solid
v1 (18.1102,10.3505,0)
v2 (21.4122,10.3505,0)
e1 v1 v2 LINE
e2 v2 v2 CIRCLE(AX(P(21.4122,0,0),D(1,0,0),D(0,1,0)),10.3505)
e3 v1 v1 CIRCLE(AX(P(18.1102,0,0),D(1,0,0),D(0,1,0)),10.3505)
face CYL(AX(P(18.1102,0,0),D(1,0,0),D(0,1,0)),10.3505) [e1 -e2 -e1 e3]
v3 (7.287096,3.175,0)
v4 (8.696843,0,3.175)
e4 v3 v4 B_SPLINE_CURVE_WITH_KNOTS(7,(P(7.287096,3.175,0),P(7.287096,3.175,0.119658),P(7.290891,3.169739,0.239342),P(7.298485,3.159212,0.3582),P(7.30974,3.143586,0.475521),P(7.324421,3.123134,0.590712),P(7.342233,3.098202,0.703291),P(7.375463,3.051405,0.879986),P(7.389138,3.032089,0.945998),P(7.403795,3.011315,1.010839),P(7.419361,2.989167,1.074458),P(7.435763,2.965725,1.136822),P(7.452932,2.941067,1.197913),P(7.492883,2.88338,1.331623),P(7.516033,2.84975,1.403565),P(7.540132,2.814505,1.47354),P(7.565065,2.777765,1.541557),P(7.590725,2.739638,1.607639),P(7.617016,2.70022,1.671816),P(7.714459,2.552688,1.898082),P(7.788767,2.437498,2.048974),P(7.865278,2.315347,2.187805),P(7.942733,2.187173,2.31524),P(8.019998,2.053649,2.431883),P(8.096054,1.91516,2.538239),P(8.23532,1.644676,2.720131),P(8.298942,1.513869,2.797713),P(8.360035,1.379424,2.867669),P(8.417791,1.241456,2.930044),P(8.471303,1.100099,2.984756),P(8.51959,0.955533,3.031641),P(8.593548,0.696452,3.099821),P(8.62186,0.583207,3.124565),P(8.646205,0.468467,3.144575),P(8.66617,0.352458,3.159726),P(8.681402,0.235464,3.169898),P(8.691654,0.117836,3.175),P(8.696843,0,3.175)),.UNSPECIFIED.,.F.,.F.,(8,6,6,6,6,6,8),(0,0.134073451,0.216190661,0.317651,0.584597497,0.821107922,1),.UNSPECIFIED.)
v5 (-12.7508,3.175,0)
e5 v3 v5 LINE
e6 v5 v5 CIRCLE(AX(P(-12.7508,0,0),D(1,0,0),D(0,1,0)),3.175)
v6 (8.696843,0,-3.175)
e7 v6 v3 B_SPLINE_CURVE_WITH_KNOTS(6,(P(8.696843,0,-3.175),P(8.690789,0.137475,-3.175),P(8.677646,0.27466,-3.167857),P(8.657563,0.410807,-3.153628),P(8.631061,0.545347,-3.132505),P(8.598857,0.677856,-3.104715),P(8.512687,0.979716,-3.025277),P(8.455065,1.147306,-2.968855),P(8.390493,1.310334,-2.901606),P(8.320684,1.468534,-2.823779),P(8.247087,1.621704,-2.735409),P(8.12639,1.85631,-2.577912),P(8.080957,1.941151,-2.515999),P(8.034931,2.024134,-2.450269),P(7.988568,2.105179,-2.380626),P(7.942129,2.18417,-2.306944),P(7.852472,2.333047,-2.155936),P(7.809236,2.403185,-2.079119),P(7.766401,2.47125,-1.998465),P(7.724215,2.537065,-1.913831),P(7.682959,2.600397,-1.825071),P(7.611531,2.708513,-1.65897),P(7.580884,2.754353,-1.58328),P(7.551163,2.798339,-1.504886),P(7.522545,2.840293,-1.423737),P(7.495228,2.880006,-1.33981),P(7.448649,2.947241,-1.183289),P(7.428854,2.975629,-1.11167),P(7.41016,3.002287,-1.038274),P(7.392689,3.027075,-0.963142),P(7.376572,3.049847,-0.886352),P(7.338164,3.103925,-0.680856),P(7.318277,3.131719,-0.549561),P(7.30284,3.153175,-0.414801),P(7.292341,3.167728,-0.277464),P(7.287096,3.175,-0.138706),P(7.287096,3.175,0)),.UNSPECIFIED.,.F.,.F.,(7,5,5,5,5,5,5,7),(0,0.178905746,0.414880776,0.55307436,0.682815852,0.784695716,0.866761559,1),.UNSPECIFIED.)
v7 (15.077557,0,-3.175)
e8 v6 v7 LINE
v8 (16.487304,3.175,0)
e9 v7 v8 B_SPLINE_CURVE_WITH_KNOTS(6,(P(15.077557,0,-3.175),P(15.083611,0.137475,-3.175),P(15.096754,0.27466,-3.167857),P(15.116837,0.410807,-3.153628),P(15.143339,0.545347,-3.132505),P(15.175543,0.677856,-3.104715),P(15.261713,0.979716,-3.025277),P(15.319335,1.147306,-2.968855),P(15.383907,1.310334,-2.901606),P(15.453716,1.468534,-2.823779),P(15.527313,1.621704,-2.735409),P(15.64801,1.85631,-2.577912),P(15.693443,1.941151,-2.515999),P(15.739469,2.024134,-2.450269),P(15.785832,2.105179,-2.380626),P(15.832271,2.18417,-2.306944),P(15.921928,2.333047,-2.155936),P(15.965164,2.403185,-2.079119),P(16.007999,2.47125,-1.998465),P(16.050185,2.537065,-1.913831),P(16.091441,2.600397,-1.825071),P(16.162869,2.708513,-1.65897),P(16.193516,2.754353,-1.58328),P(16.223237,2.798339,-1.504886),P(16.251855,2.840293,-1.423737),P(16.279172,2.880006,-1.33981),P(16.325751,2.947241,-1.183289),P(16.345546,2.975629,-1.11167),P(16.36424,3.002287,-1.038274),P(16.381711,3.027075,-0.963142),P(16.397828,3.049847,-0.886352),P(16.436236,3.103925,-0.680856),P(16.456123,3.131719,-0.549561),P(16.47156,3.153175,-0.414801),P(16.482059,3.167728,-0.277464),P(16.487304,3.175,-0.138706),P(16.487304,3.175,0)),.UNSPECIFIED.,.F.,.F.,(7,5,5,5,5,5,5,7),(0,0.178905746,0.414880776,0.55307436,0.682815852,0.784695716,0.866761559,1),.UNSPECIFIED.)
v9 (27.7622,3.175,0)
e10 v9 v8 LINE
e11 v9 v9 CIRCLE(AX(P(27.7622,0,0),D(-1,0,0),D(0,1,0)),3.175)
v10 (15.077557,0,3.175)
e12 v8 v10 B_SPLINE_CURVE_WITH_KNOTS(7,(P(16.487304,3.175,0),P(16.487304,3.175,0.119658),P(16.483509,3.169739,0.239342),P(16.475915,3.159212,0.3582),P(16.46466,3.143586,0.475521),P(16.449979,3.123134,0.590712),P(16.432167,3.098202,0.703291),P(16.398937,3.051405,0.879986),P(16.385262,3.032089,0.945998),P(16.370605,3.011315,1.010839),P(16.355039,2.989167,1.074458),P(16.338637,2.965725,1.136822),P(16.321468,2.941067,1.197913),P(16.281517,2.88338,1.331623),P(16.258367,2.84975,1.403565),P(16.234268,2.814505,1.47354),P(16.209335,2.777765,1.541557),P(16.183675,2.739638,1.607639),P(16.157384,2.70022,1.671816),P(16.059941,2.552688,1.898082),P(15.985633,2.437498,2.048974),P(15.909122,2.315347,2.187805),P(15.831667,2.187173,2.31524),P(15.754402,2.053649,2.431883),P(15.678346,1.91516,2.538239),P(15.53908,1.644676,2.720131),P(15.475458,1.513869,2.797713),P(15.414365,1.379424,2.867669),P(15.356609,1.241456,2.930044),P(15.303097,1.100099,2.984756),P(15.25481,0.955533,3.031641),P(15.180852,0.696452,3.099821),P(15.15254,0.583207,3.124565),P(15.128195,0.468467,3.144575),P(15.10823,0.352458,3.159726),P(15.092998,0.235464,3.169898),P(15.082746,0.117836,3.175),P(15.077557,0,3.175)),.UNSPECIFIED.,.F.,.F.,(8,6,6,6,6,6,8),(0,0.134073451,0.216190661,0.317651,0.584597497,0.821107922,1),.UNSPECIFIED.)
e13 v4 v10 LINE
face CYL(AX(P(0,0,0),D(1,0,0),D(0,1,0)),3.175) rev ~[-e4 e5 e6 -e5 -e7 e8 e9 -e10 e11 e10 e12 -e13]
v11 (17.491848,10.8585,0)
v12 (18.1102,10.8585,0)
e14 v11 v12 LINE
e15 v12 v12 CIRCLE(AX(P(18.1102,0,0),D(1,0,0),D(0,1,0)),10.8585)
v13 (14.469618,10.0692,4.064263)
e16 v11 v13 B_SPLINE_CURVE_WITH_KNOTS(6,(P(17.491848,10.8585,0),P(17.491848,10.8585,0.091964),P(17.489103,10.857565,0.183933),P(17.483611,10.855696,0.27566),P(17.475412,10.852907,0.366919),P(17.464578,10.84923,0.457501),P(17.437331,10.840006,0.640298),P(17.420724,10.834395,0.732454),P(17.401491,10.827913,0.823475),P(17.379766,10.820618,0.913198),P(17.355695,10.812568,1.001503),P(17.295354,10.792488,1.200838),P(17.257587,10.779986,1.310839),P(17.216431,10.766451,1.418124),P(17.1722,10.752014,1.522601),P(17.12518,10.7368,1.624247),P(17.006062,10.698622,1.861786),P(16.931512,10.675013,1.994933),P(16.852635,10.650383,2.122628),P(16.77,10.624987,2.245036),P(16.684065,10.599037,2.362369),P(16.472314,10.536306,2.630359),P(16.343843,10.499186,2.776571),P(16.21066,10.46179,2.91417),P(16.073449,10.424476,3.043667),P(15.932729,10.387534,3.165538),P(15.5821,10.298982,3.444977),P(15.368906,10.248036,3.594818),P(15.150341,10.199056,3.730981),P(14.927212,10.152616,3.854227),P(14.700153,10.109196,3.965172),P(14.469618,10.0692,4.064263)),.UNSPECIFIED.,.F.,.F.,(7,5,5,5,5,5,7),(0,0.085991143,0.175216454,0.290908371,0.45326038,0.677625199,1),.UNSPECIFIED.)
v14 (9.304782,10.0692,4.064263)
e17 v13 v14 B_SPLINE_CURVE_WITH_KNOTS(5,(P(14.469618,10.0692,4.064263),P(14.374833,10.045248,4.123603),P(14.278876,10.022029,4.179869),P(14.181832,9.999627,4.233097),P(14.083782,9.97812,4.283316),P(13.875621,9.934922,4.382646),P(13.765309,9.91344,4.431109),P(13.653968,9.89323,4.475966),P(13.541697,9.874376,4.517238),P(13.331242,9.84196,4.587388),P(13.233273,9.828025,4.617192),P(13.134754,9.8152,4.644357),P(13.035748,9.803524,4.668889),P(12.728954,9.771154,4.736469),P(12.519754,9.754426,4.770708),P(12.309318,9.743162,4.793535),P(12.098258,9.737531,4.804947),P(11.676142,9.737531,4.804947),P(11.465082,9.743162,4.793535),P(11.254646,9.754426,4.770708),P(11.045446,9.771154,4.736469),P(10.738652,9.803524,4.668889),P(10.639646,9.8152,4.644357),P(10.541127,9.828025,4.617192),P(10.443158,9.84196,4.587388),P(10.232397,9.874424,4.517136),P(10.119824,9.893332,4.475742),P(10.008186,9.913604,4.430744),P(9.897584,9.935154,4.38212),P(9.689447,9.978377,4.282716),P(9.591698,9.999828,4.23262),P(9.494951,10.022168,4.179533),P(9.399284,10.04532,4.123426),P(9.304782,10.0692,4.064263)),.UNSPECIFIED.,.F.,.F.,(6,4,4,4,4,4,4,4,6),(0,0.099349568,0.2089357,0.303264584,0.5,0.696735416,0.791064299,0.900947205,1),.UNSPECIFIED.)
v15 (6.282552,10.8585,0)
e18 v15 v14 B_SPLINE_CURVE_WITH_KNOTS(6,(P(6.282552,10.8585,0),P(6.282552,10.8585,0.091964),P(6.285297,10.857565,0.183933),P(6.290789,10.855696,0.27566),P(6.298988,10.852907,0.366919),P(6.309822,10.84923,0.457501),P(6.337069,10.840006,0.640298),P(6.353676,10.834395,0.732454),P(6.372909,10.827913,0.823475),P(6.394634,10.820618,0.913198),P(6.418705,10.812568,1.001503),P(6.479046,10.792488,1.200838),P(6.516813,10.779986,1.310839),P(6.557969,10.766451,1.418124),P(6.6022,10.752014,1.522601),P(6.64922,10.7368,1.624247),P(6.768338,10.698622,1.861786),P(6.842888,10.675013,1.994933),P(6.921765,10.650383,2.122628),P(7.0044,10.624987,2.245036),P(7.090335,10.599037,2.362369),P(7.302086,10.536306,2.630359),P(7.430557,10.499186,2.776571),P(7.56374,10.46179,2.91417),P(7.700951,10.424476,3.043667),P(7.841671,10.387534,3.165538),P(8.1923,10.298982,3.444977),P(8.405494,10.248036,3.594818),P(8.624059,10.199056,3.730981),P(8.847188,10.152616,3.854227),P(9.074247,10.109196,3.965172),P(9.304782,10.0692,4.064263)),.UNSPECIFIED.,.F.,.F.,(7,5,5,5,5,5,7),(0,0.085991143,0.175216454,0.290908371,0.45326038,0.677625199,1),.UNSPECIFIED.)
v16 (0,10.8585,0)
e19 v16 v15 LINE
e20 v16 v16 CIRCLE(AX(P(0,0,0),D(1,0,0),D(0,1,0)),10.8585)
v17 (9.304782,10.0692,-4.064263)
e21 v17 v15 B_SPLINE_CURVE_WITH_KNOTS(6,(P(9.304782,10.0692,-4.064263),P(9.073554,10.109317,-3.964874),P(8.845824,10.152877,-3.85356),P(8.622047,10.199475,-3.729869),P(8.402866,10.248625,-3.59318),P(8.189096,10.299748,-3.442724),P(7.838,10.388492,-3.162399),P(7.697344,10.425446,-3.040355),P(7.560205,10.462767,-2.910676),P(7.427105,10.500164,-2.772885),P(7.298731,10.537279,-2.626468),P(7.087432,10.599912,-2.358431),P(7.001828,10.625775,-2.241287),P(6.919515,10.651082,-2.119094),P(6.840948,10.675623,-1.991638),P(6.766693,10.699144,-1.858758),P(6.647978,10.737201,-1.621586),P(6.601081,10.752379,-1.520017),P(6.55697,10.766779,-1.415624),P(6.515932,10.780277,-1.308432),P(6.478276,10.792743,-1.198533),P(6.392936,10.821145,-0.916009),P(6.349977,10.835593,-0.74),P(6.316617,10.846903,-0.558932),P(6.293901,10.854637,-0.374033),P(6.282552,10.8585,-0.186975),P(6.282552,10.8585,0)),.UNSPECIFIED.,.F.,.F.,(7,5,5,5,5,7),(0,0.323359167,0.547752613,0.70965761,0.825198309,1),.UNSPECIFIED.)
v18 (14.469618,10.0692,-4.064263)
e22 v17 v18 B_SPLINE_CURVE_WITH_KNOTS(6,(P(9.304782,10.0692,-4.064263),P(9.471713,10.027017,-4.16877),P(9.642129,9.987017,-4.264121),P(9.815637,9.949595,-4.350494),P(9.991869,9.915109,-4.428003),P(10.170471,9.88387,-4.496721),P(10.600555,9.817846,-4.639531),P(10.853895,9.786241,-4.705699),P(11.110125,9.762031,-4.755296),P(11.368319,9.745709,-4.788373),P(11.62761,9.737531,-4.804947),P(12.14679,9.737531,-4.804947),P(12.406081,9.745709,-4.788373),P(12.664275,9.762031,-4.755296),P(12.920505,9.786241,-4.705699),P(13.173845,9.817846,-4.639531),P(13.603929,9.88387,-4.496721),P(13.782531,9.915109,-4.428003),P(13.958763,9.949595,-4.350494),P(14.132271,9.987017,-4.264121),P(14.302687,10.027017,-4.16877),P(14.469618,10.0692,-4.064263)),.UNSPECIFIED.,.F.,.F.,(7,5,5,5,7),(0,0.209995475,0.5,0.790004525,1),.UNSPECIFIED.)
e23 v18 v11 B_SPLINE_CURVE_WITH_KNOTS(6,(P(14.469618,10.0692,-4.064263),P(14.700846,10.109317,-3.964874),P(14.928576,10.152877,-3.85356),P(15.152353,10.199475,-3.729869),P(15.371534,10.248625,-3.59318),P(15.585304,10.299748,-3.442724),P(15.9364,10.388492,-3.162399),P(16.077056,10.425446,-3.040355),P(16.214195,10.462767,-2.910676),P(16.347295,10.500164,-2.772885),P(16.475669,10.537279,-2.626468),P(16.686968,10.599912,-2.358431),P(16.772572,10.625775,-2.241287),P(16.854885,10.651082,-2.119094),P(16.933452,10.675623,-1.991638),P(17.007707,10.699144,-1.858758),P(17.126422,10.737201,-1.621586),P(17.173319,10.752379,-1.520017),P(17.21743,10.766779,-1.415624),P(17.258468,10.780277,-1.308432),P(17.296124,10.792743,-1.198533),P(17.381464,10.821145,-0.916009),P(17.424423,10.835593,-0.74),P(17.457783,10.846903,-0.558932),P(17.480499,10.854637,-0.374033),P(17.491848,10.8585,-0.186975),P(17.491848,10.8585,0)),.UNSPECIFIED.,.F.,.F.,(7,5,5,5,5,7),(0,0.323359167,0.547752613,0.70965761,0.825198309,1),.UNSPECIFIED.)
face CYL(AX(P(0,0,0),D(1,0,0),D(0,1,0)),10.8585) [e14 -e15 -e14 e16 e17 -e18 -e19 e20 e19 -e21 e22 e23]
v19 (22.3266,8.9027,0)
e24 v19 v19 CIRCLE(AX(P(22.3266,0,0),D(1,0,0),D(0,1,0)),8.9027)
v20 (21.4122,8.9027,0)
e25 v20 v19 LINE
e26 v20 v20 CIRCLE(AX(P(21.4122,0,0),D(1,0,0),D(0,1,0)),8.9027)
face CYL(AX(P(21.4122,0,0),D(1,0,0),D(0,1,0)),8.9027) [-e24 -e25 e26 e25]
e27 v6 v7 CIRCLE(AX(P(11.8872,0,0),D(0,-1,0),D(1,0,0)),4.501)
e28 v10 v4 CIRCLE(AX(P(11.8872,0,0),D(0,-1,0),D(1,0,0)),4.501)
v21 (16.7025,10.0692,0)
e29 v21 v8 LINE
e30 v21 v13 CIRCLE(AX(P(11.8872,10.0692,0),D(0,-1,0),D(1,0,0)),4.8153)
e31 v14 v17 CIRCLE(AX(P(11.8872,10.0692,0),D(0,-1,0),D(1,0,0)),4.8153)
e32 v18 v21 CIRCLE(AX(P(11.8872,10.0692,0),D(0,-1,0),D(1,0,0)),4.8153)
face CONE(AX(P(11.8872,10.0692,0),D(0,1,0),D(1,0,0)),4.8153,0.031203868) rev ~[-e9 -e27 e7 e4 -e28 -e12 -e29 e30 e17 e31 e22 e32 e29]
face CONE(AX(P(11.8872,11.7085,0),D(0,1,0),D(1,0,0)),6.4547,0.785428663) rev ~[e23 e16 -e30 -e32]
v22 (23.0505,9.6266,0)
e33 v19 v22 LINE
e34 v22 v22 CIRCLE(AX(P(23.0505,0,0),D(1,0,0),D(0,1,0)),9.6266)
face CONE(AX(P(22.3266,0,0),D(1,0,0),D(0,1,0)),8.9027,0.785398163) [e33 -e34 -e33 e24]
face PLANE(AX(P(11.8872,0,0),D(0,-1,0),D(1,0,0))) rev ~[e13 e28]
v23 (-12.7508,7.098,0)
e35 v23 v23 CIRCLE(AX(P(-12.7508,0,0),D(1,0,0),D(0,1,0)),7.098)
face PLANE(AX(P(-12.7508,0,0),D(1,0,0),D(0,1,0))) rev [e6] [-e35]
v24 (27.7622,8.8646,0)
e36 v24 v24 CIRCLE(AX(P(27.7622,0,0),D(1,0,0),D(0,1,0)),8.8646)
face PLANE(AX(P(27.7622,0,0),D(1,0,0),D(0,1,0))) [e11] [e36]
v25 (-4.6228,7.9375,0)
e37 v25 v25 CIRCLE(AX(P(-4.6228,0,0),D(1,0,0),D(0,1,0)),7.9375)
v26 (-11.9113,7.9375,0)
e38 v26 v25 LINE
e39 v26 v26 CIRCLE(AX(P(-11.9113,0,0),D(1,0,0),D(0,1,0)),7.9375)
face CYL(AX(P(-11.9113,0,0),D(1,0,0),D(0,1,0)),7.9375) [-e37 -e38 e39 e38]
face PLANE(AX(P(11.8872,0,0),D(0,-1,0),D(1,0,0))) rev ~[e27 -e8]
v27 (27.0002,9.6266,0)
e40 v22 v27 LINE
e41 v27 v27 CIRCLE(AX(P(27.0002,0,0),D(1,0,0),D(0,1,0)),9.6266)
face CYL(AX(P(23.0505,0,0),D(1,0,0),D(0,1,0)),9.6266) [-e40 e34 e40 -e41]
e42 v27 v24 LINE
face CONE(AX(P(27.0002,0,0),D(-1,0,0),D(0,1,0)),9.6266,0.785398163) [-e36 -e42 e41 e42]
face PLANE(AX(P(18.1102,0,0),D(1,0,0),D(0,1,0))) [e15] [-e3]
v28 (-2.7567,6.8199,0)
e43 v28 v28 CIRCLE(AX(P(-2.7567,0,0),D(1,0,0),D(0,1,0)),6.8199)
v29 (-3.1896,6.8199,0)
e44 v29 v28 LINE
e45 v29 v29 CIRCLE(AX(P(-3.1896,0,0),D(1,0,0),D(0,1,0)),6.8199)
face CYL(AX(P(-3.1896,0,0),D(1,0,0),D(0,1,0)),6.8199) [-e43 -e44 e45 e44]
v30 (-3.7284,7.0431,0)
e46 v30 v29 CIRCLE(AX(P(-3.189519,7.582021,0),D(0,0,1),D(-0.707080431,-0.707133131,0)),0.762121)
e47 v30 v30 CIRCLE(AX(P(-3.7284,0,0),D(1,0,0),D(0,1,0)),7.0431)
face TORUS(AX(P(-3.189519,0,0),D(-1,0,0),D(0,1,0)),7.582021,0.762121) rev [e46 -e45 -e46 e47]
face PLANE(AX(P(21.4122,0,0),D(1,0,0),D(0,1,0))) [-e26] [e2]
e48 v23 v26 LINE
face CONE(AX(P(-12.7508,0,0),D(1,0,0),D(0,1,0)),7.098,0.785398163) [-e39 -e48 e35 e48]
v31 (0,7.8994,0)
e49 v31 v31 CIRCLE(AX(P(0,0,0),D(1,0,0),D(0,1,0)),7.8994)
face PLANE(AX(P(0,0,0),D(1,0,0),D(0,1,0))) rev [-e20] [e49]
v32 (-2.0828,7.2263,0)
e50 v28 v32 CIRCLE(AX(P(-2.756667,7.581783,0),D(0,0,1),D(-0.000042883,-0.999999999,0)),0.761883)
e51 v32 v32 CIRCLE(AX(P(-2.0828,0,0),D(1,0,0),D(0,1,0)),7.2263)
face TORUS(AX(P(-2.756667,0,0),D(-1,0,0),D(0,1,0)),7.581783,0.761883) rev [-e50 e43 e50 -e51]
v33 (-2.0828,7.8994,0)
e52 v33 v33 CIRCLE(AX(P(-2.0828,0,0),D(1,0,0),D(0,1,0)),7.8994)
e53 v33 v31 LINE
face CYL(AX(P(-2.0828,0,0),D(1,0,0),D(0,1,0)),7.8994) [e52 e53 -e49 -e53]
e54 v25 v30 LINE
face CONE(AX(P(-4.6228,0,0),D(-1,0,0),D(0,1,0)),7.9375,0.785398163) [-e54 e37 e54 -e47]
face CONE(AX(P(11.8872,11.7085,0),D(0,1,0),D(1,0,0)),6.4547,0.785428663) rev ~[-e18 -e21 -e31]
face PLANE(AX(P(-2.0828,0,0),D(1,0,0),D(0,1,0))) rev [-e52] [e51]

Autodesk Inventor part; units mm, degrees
sketch "Sketch_1" plane through (0, 0, 0) normal (0, 0, 1) x (1, 0, 0)
  line L0 (18.1102, 0) -> (0, 0)
  line L1 (0, 0) -> (0, 10.8585)
  line L2 (0, 10.8585) -> (18.1102, 10.8585)
  line L3 (18.1102, 10.8585) -> (18.1102, 0)
  line L4 (18.1102, 0) -> (0, 0)
revolve "Revolution1" add sketch "Sketch_1" angle 360 about axis through (18.1102, 0, 0) along (1, 0, 0)
sketch "Sketch_2" plane through (0, 0, 0) normal (0, 0, 1) x (1, 0, 0)
  line L0 (0, 0) -> (-12.7508, 0)
  line L1 (-12.7508, 0) -> (-12.7508, 7.098)
  line L2 (-12.7508, 7.098) -> (-11.9113, 7.9375)
  line L3 (-11.9113, 7.9375) -> (0, 7.9375)
  line L4 (0, 7.9375) -> (0, 0)
  line L5 (0, 0) -> (-12.7508, 0)
revolve "Revolution2" add sketch "Sketch_2" angle 360 about axis through (0, 0, 0) along (1, 0, 0)
thread "Thread1" size "5/8-18 UNF" class "2A" standard "ANSI Unified Screw Threads" length 7.2885
sketch "Sketch_6" plane through (0, 0, 0) normal (0, 0, 1) x (1, 0, 0)
  line L0 (27.7622, 0) -> (18.1102, 0)
  line L1 (18.1102, 0) -> (18.1102, 10.3505)
  line L2 (18.1102, 10.3505) -> (21.4122, 10.3505)
  line L3 (21.4122, 10.3505) -> (21.4122, 8.9027)
  line L4 (21.4122, 8.9027) -> (22.3266, 8.9027)
  line L5 (22.3266, 8.9027) -> (23.0505, 9.6266)
  line L6 (23.0505, 9.6266) -> (27.0002, 9.6266)
  line L7 (27.0002, 9.6266) -> (27.7622, 8.8646)
  line L8 (27.7622, 8.8646) -> (27.7622, 0)
  line L9 (27.7622, 0) -> (18.1102, 0)
revolve "Revolution3" add sketch "Sketch_6" angle 360 about axis through (27.7622, 0, 0) along (1, 0, 0)
sketch "Sketch_7" plane through (0, 0, 0) normal (1, 0, 0) x (0, 1, 0)
  circle A0 centre (0, 0) radius 3.175
extrude "Extrusion1" cut sketch "Sketch_7" along normal mid plane 111.0488
sketch "Sketch_8" plane through (11.8872, 0, 0) normal (0, 0, 1) x (0, -1, 0)
  line L0 (0, 0) -> (-11.7085, 0)
  line L1 (-11.7085, 0) -> (-11.7085, 6.4547)
  line L2 (-11.7085, 6.4547) -> (-10.0692, 4.8153)
  line L3 (-10.0692, 4.8153) -> (0, 4.501)
  line L4 (0, 4.501) -> (0, 0)
  line L5 (0, 0) -> (-11.7085, 0)
revolve "Revolution4" cut sketch "Sketch_8" angle 360 about axis through (11.8872, 0, 0) along (0, -1, 0)
sketch "Sketch_29" plane through (0, 0, 0) normal (0, 0, 1) x (1, 0, 0)
  line L0 (0, 0) -> (-4.6228, 0)
  line L1 (-4.6228, 9.8994) -> (-4.6228, 7.9375)
  line L2 (-4.6228, 7.9375) -> (-3.7284, 7.0431)
  arc A0 (-3.7284, 7.0431) -> (-3.1896, 6.8199) centre (-3.1896, 7.5819) ccw
  line L3 (-3.1896, 6.8199) -> (-2.7567, 6.8199)
  arc A1 (-2.7567, 6.8199) -> (-2.0828, 7.2263) centre (-2.7567, 7.5819) ccw
  line L4 (-2.0828, 7.2263) -> (-2.0828, 7.8994)
  line L5 (-2.0828, 7.8994) -> (0, 7.8994)
  line L6 (0, 7.8994) -> (0, 9.8994)
  line L7 (0, 9.8994) -> (-4.6228, 9.8994)
revolve "Revolution5" cut sketch "Sketch_29" angle 360 about axis through (0, 0, 0) along (1, 0, 0)
ref_plane "b1_XY" through (0, 7.8994, 0) normal (1, 0, 0) x (0, 0, -1)
ref_plane "b1_YZ" through (0, 7.8994, 0) normal (0, 0, -1) x (0, 1, 0)
ref_plane "b1_ZX" through (0, 7.8994, 0) normal (0, 1, 0) x (1, 0, 0)
ref_plane "b2_XY" through (0, -7.8994, 0) normal (1, 0, 0) x (0, 0, -1)
ref_plane "b2_YZ" through (0, -7.8994, 0) normal (0, 0, -1) x (0, 1, 0)
ref_plane "b2_ZX" through (0, -7.8994, 0) normal (0, 1, 0) x (1, 0, 0)
ref_plane "cl1_XY" through (0, 0, 0) normal (0, 0, 1) x (1, 0, 0)
ref_plane "cl1_YZ" through (0, 0, 0) normal (1, 0, 0) x (0, 1, 0)
ref_plane "cl1_ZX" through (0, 0, 0) normal (0, 1, 0) x (0, 0, 1)
ref_plane "cl2_XY" through (-2.0828, 0, 0) normal (0, 0, 1) x (1, 0, 0)
ref_plane "cl2_YZ" through (-2.0828, 0, 0) normal (1, 0, 0) x (0, 1, 0)
ref_plane "cl2_ZX" through (-2.0828, 0, 0) normal (0, 1, 0) x (0, 0, 1)
ref_plane "ee_XY" through (11.8872, 10.8585, 0) normal (1, 0, 0) x (0, -1, 0)
ref_plane "ee_YZ" through (11.8872, 10.8585, 0) normal (0, -1, 0) x (0, 0, -1)
ref_plane "ee_ZX" through (11.8872, 10.8585, 0) normal (0, 0, -1) x (1, 0, 0)
ref_plane "od1_XY" through (0, 0, 10.8585) normal (1, 0, 0) x (0, 0, -1)
ref_plane "od1_YZ" through (0, 0, 10.8585) normal (0, 0, -1) x (0, 1, 0)
ref_plane "od1_ZX" through (0, 0, 10.8585) normal (0, 1, 0) x (1, 0, 0)
ref_plane "od2_XY" through (0, 0, -10.8585) normal (1, 0, 0) x (0, 0, -1)
ref_plane "od2_YZ" through (0, 0, -10.8585) normal (0, 0, -1) x (0, 1, 0)
ref_plane "od2_ZX" through (0, 0, -10.8585) normal (0, 1, 0) x (1, 0, 0)
ref_plane "od3_XY" through (0, 10.8585, 0) normal (1, 0, 0) x (0, 0, -1)
ref_plane "od3_YZ" through (0, 10.8585, 0) normal (0, 0, -1) x (0, 1, 0)
ref_plane "od3_ZX" through (0, 10.8585, 0) normal (0, 1, 0) x (1, 0, 0)
ref_plane "od4_XY" through (0, -10.8585, 0) normal (1, 0, 0) x (0, 0, -1)
ref_plane "od4_YZ" through (0, -10.8585, 0) normal (0, 0, -1) x (0, 1, 0)
ref_plane "od4_ZX" through (0, -10.8585, 0) normal (0, 1, 0) x (1, 0, 0)
ref_plane "to_body_XY" through (21.4122, 0, 0) normal (1, 0, 0) x (0, 0, -1)
ref_plane "to_body_YZ" through (21.4122, 0, 0) normal (0, 0, -1) x (0, 1, 0)
ref_plane "to_body_ZX" through (21.4122, 0, 0) normal (0, 1, 0) x (1, 0, 0)
ref_plane "to_dummy_XY" through (0, 0, 0) normal (1, 0, 0) x (0, 0, -1)
ref_plane "to_dummy_YZ" through (0, 0, 0) normal (0, 0, -1) x (0, 1, 0)
ref_plane "to_dummy_ZX" through (0, 0, 0) normal (0, 1, 0) x (1, 0, 0)
ref_plane "to_nut_XY" through (-12.7508, 0, 0) normal (1, 0, 0) x (0, 0, -1)
ref_plane "to_nut_YZ" through (-12.7508, 0, 0) normal (0, 0, -1) x (0, 1, 0)
ref_plane "to_nut_ZX" through (-12.7508, 0, 0) normal (0, 1, 0) x (1, 0, 0)
ref_plane "to_stroke_adjuster_XY" through (27.7622, 0, 0) normal (1, 0, 0) x (0, 0, -1)
ref_plane "to_stroke_adjuster_YZ" through (27.7622, 0, 0) normal (0, 0, -1) x (0, 1, 0)
ref_plane "to_stroke_adjuster_ZX" through (27.7622, 0, 0) normal (0, 1, 0) x (1, 0, 0)
properties part number "0.75DXP-H_SRS1"
